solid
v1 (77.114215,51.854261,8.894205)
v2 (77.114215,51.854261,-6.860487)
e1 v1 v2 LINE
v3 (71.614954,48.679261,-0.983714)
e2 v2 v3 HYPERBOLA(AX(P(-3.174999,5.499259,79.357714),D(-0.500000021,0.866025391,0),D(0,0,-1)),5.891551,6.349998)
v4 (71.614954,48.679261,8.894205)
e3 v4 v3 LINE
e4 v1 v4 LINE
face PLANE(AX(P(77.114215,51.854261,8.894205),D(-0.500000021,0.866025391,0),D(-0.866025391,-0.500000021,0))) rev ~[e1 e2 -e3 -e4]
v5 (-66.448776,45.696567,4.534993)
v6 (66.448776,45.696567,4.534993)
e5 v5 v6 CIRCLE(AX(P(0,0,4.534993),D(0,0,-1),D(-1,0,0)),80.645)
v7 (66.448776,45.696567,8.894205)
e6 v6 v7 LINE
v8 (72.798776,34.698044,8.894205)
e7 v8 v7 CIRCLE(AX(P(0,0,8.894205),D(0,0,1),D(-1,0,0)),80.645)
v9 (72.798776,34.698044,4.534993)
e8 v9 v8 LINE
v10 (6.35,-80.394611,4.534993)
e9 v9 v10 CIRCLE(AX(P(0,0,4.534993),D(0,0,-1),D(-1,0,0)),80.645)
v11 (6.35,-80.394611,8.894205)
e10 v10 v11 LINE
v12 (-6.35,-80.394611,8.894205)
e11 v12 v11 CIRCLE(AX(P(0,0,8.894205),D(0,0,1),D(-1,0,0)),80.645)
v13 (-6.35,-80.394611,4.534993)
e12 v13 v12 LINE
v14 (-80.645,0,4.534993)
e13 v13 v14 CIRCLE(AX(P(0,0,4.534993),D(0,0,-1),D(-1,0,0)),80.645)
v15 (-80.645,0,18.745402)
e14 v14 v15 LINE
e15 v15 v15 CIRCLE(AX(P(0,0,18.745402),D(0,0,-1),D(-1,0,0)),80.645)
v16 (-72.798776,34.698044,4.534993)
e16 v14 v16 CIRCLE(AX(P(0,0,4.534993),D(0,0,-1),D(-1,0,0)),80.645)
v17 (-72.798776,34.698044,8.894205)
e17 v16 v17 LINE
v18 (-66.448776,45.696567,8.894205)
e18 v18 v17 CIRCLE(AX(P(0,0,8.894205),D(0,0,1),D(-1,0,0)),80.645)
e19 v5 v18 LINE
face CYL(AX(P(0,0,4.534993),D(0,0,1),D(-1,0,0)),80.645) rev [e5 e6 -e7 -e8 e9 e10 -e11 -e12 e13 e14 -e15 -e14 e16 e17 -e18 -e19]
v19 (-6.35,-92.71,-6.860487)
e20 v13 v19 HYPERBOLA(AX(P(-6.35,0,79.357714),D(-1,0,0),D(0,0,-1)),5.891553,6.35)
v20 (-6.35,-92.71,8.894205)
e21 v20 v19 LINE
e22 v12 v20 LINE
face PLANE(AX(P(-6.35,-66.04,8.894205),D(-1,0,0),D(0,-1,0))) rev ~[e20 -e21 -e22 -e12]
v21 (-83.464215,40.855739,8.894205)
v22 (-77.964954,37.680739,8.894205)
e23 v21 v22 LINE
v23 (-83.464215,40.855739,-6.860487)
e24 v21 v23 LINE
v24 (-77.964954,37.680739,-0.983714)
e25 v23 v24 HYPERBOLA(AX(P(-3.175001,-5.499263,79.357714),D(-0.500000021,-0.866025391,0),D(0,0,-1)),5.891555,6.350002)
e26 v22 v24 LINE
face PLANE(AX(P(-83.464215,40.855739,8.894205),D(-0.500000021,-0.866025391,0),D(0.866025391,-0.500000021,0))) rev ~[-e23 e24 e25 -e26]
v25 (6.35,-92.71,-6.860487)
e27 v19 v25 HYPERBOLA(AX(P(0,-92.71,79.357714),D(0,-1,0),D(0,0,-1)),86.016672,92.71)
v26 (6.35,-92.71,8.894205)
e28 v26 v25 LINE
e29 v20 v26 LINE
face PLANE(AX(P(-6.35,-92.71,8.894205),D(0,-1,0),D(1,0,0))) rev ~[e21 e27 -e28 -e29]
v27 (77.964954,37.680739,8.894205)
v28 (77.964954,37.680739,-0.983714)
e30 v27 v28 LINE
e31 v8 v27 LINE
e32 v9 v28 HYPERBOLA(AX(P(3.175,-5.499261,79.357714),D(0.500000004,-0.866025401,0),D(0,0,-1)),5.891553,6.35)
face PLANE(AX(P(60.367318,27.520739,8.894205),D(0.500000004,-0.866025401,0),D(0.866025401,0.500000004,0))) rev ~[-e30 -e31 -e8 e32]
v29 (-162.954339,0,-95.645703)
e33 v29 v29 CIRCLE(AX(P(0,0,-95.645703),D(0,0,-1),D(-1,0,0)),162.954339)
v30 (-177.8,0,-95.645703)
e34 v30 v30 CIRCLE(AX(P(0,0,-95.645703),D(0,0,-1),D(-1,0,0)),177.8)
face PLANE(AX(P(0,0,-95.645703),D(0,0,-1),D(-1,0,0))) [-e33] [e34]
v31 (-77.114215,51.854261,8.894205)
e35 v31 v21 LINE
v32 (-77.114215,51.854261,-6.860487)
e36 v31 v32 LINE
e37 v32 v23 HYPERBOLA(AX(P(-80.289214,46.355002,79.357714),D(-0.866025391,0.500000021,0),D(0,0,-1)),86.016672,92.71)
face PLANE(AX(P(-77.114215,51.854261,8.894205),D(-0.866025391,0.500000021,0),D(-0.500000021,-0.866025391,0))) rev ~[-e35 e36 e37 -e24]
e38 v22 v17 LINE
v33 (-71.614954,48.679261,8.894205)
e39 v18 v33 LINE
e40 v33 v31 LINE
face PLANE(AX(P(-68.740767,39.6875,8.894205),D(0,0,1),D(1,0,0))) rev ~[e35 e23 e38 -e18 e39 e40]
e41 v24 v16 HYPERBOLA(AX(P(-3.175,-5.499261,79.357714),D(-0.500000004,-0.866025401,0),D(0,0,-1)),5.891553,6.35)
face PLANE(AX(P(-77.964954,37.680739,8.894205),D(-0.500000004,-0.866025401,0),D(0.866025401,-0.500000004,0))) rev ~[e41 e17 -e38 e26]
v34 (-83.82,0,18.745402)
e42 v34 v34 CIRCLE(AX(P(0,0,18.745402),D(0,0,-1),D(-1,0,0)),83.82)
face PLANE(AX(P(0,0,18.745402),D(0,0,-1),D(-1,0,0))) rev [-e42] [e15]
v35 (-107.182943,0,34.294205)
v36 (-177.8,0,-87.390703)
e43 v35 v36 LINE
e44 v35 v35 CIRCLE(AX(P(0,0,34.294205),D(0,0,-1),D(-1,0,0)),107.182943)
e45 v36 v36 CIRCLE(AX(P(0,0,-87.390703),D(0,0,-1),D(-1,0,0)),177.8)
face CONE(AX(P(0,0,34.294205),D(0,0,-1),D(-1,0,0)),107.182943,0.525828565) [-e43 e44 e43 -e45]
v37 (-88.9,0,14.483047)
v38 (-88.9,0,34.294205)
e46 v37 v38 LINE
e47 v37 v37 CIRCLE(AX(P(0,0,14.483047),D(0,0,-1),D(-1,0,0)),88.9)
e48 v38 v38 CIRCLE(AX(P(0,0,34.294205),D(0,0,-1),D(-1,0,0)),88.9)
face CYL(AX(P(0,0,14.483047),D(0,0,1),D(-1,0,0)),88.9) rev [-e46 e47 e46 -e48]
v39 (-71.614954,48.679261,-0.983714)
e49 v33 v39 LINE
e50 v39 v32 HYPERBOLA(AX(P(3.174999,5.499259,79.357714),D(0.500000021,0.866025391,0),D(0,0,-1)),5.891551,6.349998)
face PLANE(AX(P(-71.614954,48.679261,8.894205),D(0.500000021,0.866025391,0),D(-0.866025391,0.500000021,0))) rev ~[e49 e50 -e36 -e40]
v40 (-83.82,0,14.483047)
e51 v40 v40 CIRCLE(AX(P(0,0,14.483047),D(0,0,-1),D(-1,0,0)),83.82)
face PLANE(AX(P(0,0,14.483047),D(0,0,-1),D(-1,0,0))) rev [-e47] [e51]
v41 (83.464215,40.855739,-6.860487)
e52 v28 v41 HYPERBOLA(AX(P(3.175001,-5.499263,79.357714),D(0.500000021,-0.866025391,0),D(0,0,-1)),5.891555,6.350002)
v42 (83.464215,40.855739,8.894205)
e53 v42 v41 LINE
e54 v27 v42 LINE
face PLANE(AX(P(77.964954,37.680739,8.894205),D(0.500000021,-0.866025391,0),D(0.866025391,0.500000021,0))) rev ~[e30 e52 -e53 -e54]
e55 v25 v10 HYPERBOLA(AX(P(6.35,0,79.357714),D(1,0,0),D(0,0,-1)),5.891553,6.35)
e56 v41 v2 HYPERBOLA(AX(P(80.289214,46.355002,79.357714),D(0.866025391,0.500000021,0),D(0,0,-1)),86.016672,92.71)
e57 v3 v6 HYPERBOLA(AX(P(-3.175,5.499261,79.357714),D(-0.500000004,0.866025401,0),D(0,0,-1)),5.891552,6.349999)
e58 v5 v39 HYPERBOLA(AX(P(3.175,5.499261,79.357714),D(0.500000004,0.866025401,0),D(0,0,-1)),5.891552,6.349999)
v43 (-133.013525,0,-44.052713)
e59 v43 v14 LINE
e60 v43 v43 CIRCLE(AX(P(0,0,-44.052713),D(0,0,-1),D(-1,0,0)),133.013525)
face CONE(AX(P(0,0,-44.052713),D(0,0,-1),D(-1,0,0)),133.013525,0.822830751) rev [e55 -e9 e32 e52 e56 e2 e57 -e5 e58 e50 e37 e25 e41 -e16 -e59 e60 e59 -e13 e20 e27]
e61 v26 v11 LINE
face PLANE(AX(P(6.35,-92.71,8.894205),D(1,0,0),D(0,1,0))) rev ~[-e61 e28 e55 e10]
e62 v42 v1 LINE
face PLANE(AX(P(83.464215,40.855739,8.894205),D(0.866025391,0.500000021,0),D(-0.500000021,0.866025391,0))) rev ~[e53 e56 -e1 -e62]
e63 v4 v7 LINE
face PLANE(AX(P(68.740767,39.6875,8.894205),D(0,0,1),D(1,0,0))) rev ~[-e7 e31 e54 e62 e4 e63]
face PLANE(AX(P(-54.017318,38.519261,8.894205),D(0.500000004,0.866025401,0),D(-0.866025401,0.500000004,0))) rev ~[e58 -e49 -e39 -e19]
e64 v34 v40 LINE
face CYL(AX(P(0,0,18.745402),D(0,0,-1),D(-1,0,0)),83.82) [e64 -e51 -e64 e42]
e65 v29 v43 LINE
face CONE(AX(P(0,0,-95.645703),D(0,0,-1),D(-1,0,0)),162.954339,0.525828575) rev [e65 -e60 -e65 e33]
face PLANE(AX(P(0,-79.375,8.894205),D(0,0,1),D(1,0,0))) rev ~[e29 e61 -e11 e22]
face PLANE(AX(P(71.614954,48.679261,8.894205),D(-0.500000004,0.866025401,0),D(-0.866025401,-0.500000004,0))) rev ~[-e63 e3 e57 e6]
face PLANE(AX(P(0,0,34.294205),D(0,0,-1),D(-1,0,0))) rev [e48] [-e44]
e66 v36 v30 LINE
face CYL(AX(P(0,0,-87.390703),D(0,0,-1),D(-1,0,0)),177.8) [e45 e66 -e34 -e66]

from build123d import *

# Parameters (mm, degrees)
F4_DEPTH = 25.4


with BuildPart() as f1:
    # F0 (on Front) → F1 (revolve)
    with BuildSketch(Plane.XZ):
        Polygon((-83.82, 18.745402), (-83.82, 14.483047), (-88.9, 14.483047), (-88.9, 34.294205), (-107.182943, 34.294205), (-177.8, -87.390703), (-177.8, -95.645703), (-162.954339, -95.645703), (-133.013525, -44.052713), (-80.645, 4.534993), (-80.645, 18.745402), align=None)
    revolve(axis=Axis((0, 0, -6.240661), (0, 0, -1)))

    # F3 (on offset) → F4 (cut)
    with BuildSketch(Plane.XY.offset(8.894205)):
        Polygon((6.35, -86.36), (6.35, -66.04), (-6.35, -66.04), (-6.35, -86.36), (-6.35, -92.71), (6.35, -92.71), align=None)
        Polygon((-54.017318, 38.519261), (-71.614954, 48.679261), (-77.114215, 51.854261), (-83.464215, 40.855739), (-77.964954, 37.680739), (-60.367318, 27.520739), align=None)
        Polygon((60.367318, 27.520739), (77.964954, 37.680739), (83.464215, 40.855739), (77.114215, 51.854261), (71.614954, 48.679261), (54.017318, 38.519261), align=None)
    extrude(amount=-F4_DEPTH, mode=Mode.SUBTRACT)


solid = f1.part
